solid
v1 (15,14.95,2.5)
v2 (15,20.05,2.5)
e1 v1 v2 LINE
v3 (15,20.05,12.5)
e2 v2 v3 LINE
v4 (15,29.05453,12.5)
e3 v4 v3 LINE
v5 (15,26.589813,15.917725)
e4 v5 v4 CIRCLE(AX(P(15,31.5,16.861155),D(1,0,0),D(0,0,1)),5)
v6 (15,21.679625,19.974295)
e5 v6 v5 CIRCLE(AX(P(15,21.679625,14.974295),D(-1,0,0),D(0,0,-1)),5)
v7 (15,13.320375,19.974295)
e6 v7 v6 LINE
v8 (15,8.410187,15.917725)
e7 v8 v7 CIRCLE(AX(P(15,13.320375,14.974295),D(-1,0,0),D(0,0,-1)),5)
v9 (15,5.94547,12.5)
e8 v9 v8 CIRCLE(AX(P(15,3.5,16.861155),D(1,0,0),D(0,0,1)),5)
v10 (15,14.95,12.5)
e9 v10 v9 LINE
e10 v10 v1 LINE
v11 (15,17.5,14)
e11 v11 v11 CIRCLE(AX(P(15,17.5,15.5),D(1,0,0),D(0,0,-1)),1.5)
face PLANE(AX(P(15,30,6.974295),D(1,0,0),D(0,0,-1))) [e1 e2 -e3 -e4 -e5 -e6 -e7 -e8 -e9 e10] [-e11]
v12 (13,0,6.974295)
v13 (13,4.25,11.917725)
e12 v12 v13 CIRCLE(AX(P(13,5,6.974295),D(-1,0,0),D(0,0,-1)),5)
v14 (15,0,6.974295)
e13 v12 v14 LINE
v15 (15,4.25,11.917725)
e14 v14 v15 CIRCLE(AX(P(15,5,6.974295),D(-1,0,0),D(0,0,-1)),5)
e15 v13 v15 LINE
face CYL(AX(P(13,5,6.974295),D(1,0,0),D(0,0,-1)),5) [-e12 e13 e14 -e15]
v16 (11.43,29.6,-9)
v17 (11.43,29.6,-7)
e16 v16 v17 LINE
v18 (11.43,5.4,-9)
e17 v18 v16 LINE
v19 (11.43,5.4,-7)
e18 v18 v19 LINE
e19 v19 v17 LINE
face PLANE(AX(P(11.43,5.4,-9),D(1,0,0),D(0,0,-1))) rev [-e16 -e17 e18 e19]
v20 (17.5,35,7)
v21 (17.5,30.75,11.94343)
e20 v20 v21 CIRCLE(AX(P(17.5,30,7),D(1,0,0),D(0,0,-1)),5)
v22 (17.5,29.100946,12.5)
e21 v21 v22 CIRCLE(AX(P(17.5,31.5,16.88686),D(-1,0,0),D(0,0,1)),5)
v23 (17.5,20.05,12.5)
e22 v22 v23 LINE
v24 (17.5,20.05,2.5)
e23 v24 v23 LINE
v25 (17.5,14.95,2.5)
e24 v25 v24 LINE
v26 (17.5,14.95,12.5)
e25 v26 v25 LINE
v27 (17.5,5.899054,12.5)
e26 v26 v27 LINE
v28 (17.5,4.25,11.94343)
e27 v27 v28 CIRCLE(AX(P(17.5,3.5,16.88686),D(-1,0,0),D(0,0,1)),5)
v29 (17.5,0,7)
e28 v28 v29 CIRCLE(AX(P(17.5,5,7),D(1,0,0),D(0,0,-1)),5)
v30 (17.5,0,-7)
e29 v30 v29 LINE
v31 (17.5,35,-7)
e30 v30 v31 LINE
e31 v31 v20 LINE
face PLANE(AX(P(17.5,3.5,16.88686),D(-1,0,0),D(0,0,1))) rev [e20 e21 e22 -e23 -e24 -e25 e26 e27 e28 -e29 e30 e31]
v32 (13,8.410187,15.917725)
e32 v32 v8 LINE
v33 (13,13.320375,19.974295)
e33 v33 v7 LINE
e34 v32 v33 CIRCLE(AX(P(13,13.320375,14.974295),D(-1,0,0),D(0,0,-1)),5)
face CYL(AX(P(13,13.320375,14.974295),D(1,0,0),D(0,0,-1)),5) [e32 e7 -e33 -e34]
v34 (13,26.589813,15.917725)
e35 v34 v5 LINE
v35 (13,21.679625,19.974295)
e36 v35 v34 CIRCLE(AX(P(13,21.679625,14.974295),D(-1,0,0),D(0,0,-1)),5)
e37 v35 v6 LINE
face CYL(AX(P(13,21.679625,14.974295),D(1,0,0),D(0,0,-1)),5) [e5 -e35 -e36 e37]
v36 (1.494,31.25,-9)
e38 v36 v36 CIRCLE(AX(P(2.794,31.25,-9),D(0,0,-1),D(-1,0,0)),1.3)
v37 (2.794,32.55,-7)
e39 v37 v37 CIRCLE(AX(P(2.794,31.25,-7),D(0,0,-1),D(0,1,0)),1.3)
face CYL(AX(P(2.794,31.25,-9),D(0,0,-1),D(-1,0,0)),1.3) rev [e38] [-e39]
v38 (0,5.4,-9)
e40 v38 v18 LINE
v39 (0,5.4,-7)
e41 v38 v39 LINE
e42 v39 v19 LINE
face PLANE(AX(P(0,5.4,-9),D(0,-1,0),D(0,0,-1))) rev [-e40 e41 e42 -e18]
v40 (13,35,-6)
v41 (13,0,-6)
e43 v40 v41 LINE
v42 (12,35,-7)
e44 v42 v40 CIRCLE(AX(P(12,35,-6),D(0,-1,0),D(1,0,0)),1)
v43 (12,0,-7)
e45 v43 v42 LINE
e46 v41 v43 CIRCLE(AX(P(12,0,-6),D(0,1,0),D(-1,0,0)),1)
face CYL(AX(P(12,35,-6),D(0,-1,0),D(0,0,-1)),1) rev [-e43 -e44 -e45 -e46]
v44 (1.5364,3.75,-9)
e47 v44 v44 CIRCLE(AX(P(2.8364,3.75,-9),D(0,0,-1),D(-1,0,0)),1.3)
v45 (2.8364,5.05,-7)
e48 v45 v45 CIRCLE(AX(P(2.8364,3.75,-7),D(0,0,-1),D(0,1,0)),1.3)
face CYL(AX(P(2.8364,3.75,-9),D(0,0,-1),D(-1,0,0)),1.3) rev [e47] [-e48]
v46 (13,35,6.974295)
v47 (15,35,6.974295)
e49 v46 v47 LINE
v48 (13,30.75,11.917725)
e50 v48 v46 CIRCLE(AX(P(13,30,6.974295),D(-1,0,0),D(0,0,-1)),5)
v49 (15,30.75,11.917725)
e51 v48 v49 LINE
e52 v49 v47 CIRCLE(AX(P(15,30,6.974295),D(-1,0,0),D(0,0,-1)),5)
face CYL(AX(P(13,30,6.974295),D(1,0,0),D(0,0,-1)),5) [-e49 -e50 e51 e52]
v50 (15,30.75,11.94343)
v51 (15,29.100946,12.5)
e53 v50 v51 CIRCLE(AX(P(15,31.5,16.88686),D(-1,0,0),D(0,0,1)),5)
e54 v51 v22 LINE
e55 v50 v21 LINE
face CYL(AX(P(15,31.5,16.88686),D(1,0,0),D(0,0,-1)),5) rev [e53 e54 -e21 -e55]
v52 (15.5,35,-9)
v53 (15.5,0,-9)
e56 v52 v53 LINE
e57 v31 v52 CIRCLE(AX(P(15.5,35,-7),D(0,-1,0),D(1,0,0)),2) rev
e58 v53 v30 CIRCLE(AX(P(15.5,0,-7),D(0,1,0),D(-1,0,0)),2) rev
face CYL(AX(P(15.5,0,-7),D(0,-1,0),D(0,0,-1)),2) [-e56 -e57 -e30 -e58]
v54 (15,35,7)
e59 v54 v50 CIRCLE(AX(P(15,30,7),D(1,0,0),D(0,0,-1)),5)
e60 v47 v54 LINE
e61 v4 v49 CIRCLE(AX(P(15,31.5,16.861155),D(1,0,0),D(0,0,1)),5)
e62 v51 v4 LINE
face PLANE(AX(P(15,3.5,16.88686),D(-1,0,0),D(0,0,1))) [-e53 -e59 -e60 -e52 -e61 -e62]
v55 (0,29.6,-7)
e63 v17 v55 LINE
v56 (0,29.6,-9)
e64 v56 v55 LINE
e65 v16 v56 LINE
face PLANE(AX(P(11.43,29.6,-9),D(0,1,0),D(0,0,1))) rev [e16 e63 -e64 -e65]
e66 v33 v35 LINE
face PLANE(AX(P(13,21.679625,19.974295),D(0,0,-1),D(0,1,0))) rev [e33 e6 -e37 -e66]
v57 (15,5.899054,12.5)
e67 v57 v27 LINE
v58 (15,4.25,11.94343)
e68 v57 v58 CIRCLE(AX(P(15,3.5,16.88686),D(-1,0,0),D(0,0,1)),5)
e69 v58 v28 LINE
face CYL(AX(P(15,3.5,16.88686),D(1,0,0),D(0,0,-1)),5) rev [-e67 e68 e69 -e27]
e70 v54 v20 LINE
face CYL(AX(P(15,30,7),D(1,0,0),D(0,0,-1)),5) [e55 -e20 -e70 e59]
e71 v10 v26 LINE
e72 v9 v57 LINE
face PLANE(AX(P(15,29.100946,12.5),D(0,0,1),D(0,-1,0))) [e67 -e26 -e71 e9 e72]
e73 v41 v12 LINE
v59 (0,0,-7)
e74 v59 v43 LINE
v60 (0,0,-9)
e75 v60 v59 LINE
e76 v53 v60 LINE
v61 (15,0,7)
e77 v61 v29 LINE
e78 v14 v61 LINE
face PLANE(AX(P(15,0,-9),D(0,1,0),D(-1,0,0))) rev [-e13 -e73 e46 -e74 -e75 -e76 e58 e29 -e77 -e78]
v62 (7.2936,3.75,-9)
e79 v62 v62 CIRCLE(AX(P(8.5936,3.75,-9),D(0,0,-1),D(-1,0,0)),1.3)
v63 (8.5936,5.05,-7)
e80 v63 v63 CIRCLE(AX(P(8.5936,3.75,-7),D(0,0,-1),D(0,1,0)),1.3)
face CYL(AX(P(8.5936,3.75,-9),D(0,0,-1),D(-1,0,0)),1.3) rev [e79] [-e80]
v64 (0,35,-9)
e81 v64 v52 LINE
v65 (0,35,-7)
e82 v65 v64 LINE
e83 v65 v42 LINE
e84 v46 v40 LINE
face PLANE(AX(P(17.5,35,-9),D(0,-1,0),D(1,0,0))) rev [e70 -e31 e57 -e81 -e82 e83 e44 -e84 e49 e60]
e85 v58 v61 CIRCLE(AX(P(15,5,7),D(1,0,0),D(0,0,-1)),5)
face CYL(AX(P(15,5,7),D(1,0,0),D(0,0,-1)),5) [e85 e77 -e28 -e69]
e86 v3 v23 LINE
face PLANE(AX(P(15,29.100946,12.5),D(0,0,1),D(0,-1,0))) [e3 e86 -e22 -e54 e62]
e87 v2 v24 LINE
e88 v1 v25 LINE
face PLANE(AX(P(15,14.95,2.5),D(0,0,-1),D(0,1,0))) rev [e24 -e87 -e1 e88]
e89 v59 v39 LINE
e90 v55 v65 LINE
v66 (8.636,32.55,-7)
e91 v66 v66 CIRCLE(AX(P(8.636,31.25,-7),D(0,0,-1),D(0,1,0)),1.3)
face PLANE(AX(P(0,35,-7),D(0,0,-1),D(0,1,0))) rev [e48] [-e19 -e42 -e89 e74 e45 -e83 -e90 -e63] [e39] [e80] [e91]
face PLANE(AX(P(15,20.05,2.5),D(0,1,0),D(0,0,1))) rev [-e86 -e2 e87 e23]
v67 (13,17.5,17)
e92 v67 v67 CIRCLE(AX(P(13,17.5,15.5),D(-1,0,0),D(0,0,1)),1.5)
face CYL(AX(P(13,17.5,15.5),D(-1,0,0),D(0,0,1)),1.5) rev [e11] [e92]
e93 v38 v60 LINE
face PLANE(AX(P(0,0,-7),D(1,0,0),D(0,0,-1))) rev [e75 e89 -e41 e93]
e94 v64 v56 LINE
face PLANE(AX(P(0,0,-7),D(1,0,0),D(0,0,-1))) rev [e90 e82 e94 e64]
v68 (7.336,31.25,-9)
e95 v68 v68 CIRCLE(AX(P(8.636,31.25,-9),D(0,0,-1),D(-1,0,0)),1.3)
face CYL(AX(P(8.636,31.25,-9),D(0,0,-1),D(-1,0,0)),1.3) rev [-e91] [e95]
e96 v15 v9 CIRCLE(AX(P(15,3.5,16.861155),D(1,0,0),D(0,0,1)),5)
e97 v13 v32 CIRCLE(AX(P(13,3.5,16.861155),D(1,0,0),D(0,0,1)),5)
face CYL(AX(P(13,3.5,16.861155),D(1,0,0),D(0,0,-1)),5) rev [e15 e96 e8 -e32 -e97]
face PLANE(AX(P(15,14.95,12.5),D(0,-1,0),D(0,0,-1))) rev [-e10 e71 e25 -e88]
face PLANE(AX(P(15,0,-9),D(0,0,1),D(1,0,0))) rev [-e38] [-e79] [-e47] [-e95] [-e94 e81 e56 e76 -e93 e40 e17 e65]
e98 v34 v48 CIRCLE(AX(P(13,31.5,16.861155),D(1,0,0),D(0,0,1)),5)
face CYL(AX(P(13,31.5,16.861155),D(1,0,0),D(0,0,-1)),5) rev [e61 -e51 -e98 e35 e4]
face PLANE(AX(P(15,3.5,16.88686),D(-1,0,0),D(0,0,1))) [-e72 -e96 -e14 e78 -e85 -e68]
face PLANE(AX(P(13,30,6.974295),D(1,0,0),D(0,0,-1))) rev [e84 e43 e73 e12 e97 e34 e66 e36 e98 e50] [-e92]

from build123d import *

# Parameters (mm, degrees)
BOSS_EXTRU_1_DEPTH                  = 2.5
ESQUISSE2_W                         = 2.5
ESQUISSE2_H                         = 35
BOSS_EXTRU_2_DEPTH                  = 16
BOSS_EXTRU_3_DEPTH                  = 2
ESQUISSE4_W                         = 2
ESQUISSE4_H                         = 35
BOSS_EXTRU_4_DEPTH                  = 13
ESQUISSE5_W                         = 10
ESQUISSE5_H                         = 5.1
ENL_V_MAT_EXTRU_1_DEPTH             = 2.5
ESQUISSE6_W                         = 11.43
ESQUISSE6_H                         = 24.2
ENL_V_MAT_EXTRU_2_DEPTH             = 3
DIAM_TRE_DU_PER_AGE_2_6_2_6_1_D     = 2.6
DIAM_TRE_DU_PER_AGE_2_6_2_6_1_DEPTH = 28.974295462
DIAM_TRE_DU_PER_AGE_3_0_3_1_D       = 3
DIAM_TRE_DU_PER_AGE_3_0_3_1_DEPTH   = 4.5
CONG_1_R                            = 1
CONG_2_R                            = 2


with BuildPart() as part:
    # Esquisse1 → Boss.-Extru.1 (new body)
    with BuildSketch(Plane(origin=(17.5, 0, 0), x_dir=(0, 0, -1), z_dir=(1, 0, 0))):
        with BuildLine():
            Line((-7, 0), (-7, 35))
            ThreePointArc((-7, 35), (-10.259601203, 33.791437722), (-11.943429983, 30.75))
            ThreePointArc((-11.943429983, 30.75), (-12.14941104, 29.901069836), (-12.5, 29.100946096))
            Line((-12.5, 29.100946096), (-12.5, 5.899053904))
            ThreePointArc((-12.5, 5.899053904), (-12.14941104, 5.098930164), (-11.943429983, 4.25))
            ThreePointArc((-11.943429983, 4.25), (-10.259601203, 1.208562278), (-7, 0))
        make_face()
    extrude(amount=-BOSS_EXTRU_1_DEPTH)

    # Esquisse2 → Boss.-Extru.2 (add)
    with BuildSketch(Plane(origin=(0, 0, 7), x_dir=(-1, 0, 0), z_dir=(0, 0, -1))):
        with Locations((-16.25, 17.5)):
            Rectangle(ESQUISSE2_W, ESQUISSE2_H)
    extrude(amount=BOSS_EXTRU_2_DEPTH)

    # Esquisse3 → Boss.-Extru.3 (add)
    with BuildSketch(Plane.ZY.offset(-15)):
        with BuildLine():
            Line((19.974295462, 21.679625289), (19.974295462, 13.320374711))
            ThreePointArc((19.974295462, 13.320374711), (18.828977674, 10.135814295), (15.917725445, 8.410187356))
            ThreePointArc((15.917725445, 8.410187356), (13.256912127, 6.965462484), (11.917725445, 4.25))
            ThreePointArc((11.917725445, 4.25), (10.233896665, 1.208562278), (6.974295462, 0))
            Line((6.974295462, 0), (-9, 0))
            Line((-9, 0), (-9, 35))
            Line((-9, 35), (6.974295462, 35))
            ThreePointArc((6.974295462, 35), (10.233896665, 33.791437722), (11.917725445, 30.75))
            ThreePointArc((11.917725445, 30.75), (13.256912127, 28.034537516), (15.917725445, 26.589812644))
            ThreePointArc((15.917725445, 26.589812644), (18.828977674, 24.864185705), (19.974295462, 21.679625289))
        make_face()
    extrude(amount=BOSS_EXTRU_3_DEPTH)

    # Esquisse4 → Boss.-Extru.4 (add)
    with BuildSketch(Plane.ZY.offset(-13)):
        with Locations((-8, 17.5)):
            Rectangle(ESQUISSE4_W, ESQUISSE4_H)
    extrude(amount=BOSS_EXTRU_4_DEPTH)

    # Esquisse5 → Enlèv. mat.-Extru.1 (cut)
    with BuildSketch(Plane(origin=(17.5, 0, 0), x_dir=(0, 0, -1), z_dir=(1, 0, 0))):
        with Locations((-7.5, 17.5)):
            Rectangle(ESQUISSE5_W, ESQUISSE5_H)
    extrude(amount=-ENL_V_MAT_EXTRU_1_DEPTH, mode=Mode.SUBTRACT)

    # Esquisse6 → Enlèv. mat.-Extru.2 (cut, through all)
    with BuildSketch(Plane.XY.offset(-7)):
        with Locations((5.715, 17.5)):
            Rectangle(ESQUISSE6_W, ESQUISSE6_H)
    extrude(amount=-ENL_V_MAT_EXTRU_2_DEPTH, mode=Mode.SUBTRACT)

    # Diamètre du perçage Ø2.6 (2.6)1
    with Locations(Plane(origin=(0, 0, -9), x_dir=(-1, 0, 0), z_dir=(0, 0, -1))):
        with Locations((-8.593600322, 3.75), (-8.636, 31.25), (-2.794, 31.25), (-2.836399678, 3.75)):
            Hole(DIAM_TRE_DU_PER_AGE_2_6_2_6_1_D / 2, depth=DIAM_TRE_DU_PER_AGE_2_6_2_6_1_DEPTH)

    # Diamètre du perçage Ø3.0 (3)1
    with Locations(Plane.ZY.offset(-13)):
        with Locations((15.5, 17.5)):
            Hole(DIAM_TRE_DU_PER_AGE_3_0_3_1_D / 2, depth=DIAM_TRE_DU_PER_AGE_3_0_3_1_DEPTH)

    # Congé1
    cong_1_edges = [part.edges().sort_by_distance(p)[0] for p in [
        (13, 17.5, -7),
    ]]
    fillet(cong_1_edges, radius=CONG_1_R)

    # Congé2
    cong_2_edges = [part.edges().sort_by_distance(p)[0] for p in [
        (17.5, 17.5, -9),
    ]]
    fillet(cong_2_edges, radius=CONG_2_R)


solid = part.part
